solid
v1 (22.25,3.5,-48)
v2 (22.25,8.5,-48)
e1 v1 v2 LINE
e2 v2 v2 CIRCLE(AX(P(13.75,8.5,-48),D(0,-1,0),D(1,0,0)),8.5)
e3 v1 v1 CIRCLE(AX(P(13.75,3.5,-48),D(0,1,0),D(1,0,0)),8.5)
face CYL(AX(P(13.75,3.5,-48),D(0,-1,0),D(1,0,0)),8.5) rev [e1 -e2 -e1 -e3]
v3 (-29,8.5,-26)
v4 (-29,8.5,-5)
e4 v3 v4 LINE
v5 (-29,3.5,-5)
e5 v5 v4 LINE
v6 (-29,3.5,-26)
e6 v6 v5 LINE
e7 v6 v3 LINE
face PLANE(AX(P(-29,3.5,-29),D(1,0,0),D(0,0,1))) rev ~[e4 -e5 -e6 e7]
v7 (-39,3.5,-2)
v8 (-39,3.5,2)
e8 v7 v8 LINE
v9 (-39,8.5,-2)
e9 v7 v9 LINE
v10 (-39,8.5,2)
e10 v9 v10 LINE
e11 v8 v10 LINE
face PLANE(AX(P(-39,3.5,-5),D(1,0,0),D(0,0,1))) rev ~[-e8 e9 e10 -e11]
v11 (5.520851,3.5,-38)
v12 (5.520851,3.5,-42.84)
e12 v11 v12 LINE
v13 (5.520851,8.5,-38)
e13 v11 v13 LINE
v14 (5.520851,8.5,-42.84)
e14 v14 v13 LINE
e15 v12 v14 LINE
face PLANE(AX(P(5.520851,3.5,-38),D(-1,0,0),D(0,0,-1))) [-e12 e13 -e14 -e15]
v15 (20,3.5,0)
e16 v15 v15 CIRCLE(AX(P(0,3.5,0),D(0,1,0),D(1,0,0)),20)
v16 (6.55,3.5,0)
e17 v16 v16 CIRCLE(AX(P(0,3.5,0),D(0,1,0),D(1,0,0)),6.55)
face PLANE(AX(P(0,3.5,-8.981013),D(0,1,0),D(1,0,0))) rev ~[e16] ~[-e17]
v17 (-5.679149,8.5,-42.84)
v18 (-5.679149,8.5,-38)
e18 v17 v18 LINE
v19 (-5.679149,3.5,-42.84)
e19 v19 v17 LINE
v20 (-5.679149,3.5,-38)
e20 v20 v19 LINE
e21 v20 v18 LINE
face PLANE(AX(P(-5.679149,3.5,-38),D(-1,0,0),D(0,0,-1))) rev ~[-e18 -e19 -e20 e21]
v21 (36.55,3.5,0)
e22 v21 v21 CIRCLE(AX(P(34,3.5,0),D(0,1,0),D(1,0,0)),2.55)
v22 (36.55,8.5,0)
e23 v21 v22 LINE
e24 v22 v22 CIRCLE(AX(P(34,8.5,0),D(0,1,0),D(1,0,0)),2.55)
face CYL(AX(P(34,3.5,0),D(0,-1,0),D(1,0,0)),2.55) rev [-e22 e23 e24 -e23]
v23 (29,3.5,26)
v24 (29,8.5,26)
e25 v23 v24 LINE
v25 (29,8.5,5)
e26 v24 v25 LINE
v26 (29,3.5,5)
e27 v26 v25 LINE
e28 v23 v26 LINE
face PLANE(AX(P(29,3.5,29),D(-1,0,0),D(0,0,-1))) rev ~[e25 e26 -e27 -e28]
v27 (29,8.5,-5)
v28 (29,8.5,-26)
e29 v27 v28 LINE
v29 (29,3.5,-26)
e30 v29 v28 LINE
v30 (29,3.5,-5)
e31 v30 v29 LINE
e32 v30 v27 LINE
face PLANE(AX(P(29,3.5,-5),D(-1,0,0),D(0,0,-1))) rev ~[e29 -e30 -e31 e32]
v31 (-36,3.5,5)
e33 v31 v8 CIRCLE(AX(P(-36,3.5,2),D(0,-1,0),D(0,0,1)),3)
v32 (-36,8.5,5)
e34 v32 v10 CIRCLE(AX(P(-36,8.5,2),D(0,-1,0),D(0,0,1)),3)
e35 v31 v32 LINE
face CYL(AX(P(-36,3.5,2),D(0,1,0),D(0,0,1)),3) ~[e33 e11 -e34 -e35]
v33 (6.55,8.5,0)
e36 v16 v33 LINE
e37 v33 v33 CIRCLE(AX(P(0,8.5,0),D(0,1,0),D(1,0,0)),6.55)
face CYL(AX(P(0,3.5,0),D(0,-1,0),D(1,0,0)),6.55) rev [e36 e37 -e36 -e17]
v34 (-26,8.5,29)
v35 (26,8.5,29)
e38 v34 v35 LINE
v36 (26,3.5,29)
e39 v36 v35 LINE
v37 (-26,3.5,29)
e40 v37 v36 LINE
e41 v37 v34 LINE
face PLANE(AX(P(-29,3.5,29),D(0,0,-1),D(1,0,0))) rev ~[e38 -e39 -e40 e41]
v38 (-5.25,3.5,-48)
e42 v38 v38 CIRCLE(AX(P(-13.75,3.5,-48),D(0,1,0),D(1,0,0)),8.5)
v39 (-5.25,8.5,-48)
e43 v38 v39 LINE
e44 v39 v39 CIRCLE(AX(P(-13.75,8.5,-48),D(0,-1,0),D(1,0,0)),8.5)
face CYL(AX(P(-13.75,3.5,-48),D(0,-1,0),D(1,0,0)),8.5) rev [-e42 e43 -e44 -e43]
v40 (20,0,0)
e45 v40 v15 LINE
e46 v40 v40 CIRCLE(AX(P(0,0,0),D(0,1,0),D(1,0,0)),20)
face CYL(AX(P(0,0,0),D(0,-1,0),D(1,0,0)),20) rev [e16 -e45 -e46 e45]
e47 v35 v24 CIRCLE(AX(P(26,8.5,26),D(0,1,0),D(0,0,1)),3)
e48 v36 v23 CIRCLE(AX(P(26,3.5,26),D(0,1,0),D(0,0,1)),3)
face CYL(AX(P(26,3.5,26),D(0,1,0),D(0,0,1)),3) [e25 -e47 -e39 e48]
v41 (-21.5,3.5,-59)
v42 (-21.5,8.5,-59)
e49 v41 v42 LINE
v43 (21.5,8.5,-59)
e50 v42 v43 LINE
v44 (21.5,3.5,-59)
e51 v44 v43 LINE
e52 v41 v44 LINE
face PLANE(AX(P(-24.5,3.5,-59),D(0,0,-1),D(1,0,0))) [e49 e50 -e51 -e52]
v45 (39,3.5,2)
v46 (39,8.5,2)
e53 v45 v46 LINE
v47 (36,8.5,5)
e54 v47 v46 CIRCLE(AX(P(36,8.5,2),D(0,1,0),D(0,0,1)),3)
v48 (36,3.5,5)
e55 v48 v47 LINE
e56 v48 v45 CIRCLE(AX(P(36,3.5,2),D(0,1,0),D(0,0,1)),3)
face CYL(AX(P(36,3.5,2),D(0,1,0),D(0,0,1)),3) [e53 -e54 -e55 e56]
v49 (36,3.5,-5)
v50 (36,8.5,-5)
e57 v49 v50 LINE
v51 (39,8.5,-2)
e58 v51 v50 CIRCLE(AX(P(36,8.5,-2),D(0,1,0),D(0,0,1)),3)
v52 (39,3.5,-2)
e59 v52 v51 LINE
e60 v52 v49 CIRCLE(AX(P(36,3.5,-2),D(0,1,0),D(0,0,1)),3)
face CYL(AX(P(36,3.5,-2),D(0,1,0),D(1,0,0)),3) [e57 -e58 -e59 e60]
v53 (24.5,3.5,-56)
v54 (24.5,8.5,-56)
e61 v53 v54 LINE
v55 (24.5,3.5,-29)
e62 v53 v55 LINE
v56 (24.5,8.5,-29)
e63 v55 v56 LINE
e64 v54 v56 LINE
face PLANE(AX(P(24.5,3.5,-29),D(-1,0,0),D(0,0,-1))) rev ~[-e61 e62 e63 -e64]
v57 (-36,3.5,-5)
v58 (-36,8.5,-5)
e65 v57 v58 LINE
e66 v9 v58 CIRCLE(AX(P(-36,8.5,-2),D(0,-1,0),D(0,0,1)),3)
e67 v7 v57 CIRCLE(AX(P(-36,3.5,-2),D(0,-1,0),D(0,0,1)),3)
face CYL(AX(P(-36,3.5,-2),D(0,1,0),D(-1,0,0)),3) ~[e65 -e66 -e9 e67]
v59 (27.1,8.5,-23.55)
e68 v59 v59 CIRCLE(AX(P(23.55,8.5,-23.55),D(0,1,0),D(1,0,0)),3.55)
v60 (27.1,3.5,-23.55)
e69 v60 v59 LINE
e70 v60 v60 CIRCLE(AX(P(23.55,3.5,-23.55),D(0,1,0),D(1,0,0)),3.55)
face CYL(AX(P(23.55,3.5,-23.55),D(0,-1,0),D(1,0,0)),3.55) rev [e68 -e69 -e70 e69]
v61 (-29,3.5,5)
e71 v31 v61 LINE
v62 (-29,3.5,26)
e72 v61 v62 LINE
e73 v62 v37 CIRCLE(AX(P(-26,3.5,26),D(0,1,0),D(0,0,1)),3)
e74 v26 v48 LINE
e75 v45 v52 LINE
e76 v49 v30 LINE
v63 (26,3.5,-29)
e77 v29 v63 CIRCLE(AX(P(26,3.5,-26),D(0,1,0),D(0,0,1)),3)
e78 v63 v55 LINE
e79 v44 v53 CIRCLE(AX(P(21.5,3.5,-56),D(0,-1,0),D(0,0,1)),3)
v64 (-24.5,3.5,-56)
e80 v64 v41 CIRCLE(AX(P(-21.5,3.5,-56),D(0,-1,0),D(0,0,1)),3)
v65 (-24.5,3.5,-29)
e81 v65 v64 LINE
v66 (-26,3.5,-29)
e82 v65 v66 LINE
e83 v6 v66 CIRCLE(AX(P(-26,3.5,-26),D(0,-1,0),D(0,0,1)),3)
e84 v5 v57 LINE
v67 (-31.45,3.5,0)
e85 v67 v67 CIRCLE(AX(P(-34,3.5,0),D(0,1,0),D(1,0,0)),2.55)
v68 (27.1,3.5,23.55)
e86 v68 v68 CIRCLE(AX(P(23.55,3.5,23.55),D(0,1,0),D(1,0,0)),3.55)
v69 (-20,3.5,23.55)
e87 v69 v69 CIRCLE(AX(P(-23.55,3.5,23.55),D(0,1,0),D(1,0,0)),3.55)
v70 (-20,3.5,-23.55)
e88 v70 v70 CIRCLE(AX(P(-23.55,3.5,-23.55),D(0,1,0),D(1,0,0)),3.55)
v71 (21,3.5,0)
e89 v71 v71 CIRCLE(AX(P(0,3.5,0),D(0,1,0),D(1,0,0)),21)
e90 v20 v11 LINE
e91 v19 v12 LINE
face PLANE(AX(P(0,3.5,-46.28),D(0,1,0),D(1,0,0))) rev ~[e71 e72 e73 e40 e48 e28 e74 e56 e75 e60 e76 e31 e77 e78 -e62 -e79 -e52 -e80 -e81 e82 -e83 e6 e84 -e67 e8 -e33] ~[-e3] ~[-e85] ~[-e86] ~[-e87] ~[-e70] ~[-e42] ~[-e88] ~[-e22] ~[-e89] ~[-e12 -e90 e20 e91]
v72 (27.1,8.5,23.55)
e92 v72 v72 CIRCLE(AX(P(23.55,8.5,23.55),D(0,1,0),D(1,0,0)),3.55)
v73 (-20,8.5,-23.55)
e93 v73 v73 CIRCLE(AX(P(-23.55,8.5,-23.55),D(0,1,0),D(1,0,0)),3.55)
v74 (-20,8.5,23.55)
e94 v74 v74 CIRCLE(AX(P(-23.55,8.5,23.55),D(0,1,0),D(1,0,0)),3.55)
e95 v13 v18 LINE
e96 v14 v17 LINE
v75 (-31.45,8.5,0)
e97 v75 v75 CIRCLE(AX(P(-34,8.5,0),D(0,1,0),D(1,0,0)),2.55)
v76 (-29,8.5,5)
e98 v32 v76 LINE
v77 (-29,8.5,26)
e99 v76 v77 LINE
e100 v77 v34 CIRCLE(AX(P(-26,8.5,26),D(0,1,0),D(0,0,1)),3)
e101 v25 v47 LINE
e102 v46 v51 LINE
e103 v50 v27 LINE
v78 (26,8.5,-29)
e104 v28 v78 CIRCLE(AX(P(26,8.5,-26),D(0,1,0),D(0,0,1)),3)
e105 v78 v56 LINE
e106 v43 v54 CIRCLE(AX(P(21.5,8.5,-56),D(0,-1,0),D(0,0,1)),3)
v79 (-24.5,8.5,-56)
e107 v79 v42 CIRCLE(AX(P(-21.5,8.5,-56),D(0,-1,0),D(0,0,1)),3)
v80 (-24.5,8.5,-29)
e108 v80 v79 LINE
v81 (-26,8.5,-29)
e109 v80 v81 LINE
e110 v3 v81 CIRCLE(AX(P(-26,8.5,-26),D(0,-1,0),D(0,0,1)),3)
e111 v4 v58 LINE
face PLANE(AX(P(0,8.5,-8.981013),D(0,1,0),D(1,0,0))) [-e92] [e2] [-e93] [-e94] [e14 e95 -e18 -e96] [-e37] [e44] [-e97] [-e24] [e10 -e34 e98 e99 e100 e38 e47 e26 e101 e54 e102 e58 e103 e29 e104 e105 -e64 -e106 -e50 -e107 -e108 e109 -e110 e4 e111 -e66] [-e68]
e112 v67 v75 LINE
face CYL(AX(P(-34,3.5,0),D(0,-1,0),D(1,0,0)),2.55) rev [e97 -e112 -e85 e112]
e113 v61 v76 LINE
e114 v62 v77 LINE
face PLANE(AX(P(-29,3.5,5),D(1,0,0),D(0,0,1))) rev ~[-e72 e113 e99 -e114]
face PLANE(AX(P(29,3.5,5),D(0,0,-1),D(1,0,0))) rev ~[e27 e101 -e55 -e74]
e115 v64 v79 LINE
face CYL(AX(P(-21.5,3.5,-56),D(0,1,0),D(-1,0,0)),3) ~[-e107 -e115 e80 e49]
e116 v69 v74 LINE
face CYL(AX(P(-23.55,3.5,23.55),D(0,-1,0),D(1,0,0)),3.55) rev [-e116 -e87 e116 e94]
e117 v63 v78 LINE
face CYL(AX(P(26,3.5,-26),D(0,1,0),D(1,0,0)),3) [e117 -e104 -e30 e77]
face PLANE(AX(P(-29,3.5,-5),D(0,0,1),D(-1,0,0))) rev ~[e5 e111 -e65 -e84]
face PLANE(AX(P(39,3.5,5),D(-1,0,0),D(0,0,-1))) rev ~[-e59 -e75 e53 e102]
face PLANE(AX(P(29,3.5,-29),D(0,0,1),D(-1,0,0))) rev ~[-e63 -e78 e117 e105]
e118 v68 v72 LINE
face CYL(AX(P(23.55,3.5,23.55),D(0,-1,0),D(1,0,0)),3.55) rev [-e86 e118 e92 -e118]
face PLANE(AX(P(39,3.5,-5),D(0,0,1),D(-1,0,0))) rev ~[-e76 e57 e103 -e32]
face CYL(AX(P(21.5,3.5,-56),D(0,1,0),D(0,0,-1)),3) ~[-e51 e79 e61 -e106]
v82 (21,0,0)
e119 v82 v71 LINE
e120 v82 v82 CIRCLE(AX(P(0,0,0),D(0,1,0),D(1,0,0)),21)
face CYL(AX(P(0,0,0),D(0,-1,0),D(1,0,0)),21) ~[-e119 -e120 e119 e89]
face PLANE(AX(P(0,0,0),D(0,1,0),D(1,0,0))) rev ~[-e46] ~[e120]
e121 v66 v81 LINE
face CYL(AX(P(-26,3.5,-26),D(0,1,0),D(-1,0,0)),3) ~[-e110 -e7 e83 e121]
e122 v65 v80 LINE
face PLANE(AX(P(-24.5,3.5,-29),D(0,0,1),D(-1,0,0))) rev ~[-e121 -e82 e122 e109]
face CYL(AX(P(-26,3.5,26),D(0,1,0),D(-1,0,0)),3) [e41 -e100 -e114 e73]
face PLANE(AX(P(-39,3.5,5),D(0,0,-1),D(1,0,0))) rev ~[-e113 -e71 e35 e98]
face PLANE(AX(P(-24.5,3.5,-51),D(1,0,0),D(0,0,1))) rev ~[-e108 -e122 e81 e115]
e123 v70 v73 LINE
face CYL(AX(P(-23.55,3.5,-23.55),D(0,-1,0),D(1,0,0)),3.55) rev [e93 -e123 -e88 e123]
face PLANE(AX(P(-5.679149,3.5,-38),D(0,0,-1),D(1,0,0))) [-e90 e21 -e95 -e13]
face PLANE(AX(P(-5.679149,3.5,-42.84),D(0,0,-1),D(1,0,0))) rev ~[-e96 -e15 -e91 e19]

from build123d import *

# Parameters (mm, degrees)
SKETCH1_R           = 21
SKETCH1_R_2         = 20
BOSS_EXTRUDE1_DEPTH = 3.5
SKETCH2_R           = 3.55
SKETCH2_R_2         = 6.55
SKETCH2_R_3         = 2.55
SKETCH2_R_4         = 8.5
SKETCH2_W           = 11.2
SKETCH2_H           = 4.84
BOSS_EXTRUDE2_DEPTH = 5
SKETCH3_W           = 11.2
SKETCH3_H           = 4.84
SKETCH3_W_2         = 49
SKETCH3_H_2         = 8
SKETCH3_R           = 8.5
IGNORE_DEPTH        = 5
SKETCH4_R           = 8.5
SKETCH4_W           = 11.2
SKETCH4_H           = 4.84
CUT_EXTRUDE2_DEPTH  = 6
FILLET1_R           = 3


with BuildPart() as part:
    # Sketch1 → Boss-Extrude1 (new body)
    with BuildSketch(Plane(origin=(0, 0, 0), x_dir=(1, 0, 0), z_dir=(0, 1, 0))):
        Circle(SKETCH1_R)
        Circle(SKETCH1_R_2, mode=Mode.SUBTRACT)
    extrude(amount=BOSS_EXTRUDE1_DEPTH)

    # Sketch2 → Boss-Extrude2 (add)
    with BuildSketch(Plane(origin=(0, 3.5, 0), x_dir=(1, 0, 0), z_dir=(0, 1, 0))):
        Polygon((-29, -5), (-29, -29), (29, -29), (29, -5), (39, -5), (39, 5), (29, 5), (29, 29), (24.5, 29), (24.5, 51), (-24.5, 51), (-24.5, 29), (-29, 29), (-29, 5), (-39, 5), (-39, -5), align=None)
        with Locations((-23.55, -23.55)):
            Circle(SKETCH2_R, mode=Mode.SUBTRACT)
        with Locations((23.55, -23.55)):
            Circle(SKETCH2_R, mode=Mode.SUBTRACT)
        Circle(SKETCH2_R_2, mode=Mode.SUBTRACT)
        with Locations((-23.55, 23.55)):
            Circle(SKETCH2_R, mode=Mode.SUBTRACT)
        with Locations((23.55, 23.55)):
            Circle(SKETCH2_R, mode=Mode.SUBTRACT)
        with Locations((-34, 0)):
            Circle(SKETCH2_R_3, mode=Mode.SUBTRACT)
        with Locations((34, 0)):
            Circle(SKETCH2_R_3, mode=Mode.SUBTRACT)
        with Locations((13.76, 39)):
            Circle(SKETCH2_R_4, mode=Mode.SUBTRACT)
        with Locations((-13.76, 39)):
            Circle(SKETCH2_R_4, mode=Mode.SUBTRACT)
        with Locations((0, 46.28)):
            Rectangle(SKETCH2_W, SKETCH2_H, mode=Mode.SUBTRACT)
    extrude(amount=BOSS_EXTRUDE2_DEPTH)

    # Sketch3 → Ignore (add)
    with BuildSketch(Plane(origin=(0, 3.5, 0), x_dir=(1, 0, 0), z_dir=(0, 1, 0))):
        with Locations((0, 46.28)):
            Rectangle(SKETCH3_W, SKETCH3_H)
        with Locations((0, 55)):
            Rectangle(SKETCH3_W_2, SKETCH3_H_2)
        with Locations((13.76, 39)):
            Circle(SKETCH3_R)
        with Locations((-13.76, 39)):
            Circle(SKETCH3_R)
    extrude(amount=IGNORE_DEPTH)

    # Sketch4 → Cut-Extrude2 (cut, through all)
    with BuildSketch(Plane(origin=(0, 3.5, 0), x_dir=(1, 0, 0), z_dir=(0, 1, 0))):
        with Locations((-13.75, 48)):
            Circle(SKETCH4_R)
        with Locations((13.75, 48)):
            Circle(SKETCH4_R)
        with Locations((-0.079148889, 40.42)):
            Rectangle(SKETCH4_W, SKETCH4_H)
    extrude(amount=CUT_EXTRUDE2_DEPTH, mode=Mode.SUBTRACT)

    # Fillet1
    fillet1_edges = [part.edges().sort_by_distance(p)[0] for p in [
        (-29, 6, 29),
        (29, 6, 29),
        (39, 6, 5),
        (39, 6, -5),
        (29, 6, -29),
        (-29, 6, -29),
        (-39, 6, -5),
        (-39, 6, 5),
        (24.5, 6, -59),
        (-24.5, 6, -59),
    ]]
    fillet(fillet1_edges, radius=FILLET1_R)


solid = part.part
